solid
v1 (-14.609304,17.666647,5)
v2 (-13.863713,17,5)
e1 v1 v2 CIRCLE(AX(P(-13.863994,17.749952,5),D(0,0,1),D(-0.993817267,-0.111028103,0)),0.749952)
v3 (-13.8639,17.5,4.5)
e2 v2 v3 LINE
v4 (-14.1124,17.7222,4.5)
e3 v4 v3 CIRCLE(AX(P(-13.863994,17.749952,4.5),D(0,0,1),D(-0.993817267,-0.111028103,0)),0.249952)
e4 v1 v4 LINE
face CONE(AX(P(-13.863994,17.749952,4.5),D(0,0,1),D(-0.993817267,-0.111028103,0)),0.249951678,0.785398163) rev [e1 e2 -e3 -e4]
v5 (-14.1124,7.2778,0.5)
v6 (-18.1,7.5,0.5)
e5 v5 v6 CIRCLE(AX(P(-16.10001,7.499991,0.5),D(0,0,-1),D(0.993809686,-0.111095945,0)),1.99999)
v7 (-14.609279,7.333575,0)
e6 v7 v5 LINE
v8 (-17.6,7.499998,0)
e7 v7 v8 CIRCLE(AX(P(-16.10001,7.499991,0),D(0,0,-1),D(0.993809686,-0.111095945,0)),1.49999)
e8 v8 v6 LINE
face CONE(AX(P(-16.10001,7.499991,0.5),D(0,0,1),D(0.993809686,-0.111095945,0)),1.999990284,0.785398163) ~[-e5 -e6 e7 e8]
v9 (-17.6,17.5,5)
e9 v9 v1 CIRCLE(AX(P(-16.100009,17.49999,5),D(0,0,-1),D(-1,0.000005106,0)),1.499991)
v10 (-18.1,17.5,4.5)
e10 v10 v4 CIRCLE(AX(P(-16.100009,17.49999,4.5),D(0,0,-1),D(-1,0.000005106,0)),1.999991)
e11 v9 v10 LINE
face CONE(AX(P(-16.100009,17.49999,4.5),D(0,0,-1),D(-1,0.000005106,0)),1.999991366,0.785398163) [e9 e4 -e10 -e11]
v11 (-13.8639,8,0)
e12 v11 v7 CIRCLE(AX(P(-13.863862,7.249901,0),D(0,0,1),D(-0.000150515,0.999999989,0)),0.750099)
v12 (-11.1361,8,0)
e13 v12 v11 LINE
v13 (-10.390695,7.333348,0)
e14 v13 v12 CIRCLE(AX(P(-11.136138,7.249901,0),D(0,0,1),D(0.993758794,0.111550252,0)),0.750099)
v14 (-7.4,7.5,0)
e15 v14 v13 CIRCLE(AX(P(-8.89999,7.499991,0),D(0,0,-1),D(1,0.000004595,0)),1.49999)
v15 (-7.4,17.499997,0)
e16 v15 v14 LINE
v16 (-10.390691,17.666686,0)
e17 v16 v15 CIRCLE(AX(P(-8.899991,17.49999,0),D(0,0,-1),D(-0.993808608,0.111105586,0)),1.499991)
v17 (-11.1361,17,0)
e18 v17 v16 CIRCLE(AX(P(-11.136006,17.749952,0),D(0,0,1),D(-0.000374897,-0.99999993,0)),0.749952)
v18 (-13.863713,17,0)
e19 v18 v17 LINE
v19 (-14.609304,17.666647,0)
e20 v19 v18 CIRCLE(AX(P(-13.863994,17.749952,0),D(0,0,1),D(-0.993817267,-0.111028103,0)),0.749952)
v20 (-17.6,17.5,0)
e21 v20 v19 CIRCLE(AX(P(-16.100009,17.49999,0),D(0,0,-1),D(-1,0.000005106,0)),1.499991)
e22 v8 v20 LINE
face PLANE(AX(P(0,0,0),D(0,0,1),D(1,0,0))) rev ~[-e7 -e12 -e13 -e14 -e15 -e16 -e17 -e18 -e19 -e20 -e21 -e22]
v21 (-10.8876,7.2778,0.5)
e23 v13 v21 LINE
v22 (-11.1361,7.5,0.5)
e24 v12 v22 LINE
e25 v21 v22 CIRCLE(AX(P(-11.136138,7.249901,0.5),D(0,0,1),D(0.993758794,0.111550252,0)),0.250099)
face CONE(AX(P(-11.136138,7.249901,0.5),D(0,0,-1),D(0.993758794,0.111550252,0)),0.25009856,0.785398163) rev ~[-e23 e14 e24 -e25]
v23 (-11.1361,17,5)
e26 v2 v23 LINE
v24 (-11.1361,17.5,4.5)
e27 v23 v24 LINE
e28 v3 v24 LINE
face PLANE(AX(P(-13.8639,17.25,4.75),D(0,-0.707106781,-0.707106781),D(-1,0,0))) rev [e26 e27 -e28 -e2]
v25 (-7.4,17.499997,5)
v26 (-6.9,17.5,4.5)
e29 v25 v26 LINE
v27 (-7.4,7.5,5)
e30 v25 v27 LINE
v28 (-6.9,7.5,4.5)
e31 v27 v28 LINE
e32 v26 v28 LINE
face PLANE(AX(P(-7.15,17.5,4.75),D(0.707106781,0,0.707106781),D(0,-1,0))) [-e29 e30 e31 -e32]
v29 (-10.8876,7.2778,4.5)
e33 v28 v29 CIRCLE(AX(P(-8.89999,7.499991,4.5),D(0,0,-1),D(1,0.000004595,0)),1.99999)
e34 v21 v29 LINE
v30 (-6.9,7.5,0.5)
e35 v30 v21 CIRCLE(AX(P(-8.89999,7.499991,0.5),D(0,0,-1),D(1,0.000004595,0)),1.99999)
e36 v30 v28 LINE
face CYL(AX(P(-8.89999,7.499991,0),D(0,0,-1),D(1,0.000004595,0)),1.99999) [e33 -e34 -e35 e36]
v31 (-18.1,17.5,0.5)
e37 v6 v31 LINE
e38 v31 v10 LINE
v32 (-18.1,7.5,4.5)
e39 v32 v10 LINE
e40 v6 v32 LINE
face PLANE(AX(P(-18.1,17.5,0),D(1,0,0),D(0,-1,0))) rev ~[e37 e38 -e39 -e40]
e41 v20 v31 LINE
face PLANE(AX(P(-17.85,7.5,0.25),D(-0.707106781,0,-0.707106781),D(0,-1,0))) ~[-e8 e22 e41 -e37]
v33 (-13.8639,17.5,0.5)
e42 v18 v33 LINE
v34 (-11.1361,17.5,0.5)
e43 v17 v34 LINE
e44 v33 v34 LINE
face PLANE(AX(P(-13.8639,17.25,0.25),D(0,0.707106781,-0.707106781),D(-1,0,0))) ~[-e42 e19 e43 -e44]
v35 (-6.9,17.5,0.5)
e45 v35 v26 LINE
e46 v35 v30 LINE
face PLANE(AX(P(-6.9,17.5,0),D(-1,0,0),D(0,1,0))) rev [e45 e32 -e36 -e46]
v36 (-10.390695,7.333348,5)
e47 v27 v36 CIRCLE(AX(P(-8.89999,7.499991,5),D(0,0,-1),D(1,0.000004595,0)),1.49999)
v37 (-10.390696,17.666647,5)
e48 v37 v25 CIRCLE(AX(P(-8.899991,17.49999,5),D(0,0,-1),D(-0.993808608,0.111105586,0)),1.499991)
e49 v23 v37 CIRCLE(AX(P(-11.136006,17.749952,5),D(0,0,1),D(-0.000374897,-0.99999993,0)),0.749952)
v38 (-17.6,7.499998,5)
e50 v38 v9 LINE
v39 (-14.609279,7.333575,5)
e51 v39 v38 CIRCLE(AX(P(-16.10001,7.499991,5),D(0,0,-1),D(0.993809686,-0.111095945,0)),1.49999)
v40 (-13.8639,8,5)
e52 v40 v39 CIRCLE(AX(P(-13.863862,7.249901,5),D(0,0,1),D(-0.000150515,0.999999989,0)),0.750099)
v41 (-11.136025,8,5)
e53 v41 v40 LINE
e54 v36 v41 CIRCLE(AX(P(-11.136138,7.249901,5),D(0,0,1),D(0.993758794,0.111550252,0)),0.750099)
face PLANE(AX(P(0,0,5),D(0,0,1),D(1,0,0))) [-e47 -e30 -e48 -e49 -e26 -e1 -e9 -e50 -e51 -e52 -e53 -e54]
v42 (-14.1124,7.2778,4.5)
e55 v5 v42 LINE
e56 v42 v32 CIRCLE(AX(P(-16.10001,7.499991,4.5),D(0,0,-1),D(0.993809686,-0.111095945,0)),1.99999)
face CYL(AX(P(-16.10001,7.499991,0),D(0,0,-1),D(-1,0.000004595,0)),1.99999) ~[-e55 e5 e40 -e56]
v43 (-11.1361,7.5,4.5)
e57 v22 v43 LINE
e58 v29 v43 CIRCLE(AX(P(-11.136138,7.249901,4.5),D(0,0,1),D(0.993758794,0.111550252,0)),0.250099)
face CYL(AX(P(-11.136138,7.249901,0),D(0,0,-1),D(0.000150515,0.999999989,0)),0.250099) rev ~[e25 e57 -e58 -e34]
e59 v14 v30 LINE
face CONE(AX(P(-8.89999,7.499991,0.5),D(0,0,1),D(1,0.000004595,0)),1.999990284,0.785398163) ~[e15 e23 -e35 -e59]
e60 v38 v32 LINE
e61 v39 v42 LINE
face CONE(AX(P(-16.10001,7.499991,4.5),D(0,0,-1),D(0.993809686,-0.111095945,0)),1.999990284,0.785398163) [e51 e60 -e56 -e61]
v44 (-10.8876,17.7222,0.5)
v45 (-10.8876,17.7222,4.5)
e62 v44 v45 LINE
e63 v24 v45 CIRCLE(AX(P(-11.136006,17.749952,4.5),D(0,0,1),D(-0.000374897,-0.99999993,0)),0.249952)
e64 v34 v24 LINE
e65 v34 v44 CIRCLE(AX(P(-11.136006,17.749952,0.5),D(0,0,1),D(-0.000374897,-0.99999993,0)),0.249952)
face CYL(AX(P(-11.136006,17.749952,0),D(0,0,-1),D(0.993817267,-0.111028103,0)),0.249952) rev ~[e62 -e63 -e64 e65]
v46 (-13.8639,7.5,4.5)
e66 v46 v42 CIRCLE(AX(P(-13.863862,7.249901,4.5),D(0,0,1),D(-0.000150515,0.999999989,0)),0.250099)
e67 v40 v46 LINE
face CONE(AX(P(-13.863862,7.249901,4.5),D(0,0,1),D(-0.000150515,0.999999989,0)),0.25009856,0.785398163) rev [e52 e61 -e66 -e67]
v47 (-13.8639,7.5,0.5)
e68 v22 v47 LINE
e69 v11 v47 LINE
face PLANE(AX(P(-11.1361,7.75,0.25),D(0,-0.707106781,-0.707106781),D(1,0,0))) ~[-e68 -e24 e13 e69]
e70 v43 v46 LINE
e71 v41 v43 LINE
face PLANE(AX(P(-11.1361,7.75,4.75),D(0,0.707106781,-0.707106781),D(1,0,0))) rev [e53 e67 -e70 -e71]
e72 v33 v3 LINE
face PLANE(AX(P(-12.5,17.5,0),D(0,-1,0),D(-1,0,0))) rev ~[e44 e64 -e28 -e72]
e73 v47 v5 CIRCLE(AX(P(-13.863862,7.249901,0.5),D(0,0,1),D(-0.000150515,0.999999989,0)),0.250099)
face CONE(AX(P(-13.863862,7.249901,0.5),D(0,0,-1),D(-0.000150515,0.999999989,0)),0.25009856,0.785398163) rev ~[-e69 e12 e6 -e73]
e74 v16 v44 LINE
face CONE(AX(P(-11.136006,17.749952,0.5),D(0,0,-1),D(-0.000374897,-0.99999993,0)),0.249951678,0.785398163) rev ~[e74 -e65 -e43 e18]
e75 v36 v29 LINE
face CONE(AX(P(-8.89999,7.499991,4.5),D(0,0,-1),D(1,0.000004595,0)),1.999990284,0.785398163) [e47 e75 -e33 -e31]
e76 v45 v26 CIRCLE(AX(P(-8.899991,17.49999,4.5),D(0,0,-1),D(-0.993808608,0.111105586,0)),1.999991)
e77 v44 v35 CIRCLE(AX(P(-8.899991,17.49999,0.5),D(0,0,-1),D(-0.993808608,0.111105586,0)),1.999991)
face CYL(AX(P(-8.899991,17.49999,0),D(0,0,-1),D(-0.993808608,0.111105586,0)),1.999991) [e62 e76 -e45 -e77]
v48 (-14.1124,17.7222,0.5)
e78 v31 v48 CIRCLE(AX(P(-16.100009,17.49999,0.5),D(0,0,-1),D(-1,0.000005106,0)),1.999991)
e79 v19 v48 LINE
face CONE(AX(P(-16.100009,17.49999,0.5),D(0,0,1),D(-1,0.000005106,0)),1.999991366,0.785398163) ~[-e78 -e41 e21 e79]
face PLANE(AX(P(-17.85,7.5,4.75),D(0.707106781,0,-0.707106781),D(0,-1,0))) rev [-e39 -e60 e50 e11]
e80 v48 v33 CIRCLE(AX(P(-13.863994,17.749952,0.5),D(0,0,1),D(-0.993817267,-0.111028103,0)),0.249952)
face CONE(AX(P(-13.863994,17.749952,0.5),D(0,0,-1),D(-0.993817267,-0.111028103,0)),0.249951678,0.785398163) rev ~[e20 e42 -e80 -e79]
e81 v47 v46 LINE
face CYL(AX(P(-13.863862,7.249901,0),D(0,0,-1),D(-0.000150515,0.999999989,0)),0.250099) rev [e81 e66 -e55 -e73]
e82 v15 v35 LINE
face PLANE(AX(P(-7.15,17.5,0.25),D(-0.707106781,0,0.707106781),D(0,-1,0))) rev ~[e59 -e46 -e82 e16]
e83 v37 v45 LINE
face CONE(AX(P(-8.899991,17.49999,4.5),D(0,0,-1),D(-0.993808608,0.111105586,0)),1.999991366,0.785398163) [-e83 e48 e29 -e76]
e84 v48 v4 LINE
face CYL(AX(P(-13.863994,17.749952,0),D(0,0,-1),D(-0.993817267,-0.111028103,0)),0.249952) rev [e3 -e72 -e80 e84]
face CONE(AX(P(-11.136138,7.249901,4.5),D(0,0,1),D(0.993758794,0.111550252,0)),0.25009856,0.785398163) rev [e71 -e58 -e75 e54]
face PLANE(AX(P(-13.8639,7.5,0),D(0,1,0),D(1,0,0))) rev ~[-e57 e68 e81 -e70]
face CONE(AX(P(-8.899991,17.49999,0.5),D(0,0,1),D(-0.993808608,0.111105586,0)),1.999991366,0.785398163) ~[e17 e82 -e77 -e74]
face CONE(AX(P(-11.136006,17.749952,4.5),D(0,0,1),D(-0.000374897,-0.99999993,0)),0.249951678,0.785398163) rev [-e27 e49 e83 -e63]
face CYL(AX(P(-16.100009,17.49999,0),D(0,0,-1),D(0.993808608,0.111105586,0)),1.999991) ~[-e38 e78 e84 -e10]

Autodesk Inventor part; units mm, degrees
ref_plane "YZ Plane" through (0, 0, 0) normal (1, 0, 0) x (0, 1, 0)
ref_plane "XZ Plane" through (0, 0, 0) normal (0, 1, 0) x (-1, 0, 0)
ref_plane "XY Plane" through (0, 0, 0) normal (0, 0, 1) x (1, 0, 0)
ref_plane "Arbeitsebene1" through (0, 0, 0) normal (0, 0, 1) x (1, 0, 0)
sketch "Skizze1" plane through (0, 0, 0) normal (0, 0, 1) x (1, 0, 0)
  line L0 (-2.5, -5) -> (27.5, -5) projected
  arc A0 (-5, -2.5) -> (-2.5, -5) centre (-2.5, -2.5) ccw projected
  line L1 (-5, 27.5) -> (-5, -2.5) projected
  arc A1 (-2.5, 30) -> (-5, 27.5) centre (-2.5, 27.5) ccw projected
  line L2 (27.5, 30) -> (-2.5, 30) projected
  arc A2 (30, 27.5) -> (27.5, 30) centre (27.5, 27.5) ccw projected
  line L3 (30, -2.5) -> (30, 27.5) projected
  arc A3 (27.5, -5) -> (30, -2.5) centre (27.5, -2.5) ccw projected
  circle A4 centre (12.5, -9.5) radius 4 projected
  line L4 (30.75, 28.4722) -> (33.3, 29.9445) projected
  line L5 (33.3, 29.9445) -> (35.85, 28.4722) projected
  line L6 (35.85, 28.4722) -> (35.85, 25.5278) projected
  line L7 (35.85, 25.5278) -> (33.3, 24.0555) projected
  line L8 (33.3, 24.0555) -> (30.75, 25.5278) projected
  line L9 (30.75, 25.5278) -> (30.75, 28.4722) projected
  line L10 (25.5278, 30.75) -> (24.0555, 33.3) projected
  line L11 (24.0555, 33.3) -> (25.5278, 35.85) projected
  line L12 (25.5278, 35.85) -> (28.4722, 35.85) projected
  line L13 (28.4722, 35.85) -> (29.9445, 33.3) projected
  line L14 (29.9445, 33.3) -> (28.4722, 30.75) projected
  line L15 (28.4722, 30.75) -> (25.5278, 30.75) projected
  line L16 (30.75, -3.4722) -> (33.3, -4.9445) projected
  line L17 (30.75, -0.5278) -> (30.75, -3.4722) projected
  line L18 (33.3, 0.9445) -> (30.75, -0.5278) projected
  line L19 (35.85, -0.5278) -> (33.3, 0.9445) projected
  line L20 (35.85, -3.4722) -> (35.85, -0.5278) projected
  line L21 (33.3, -4.9445) -> (35.85, -3.4722) projected
  line L22 (25.5278, -5.75) -> (24.0555, -8.3) projected
  line L23 (28.4722, -5.75) -> (25.5278, -5.75) projected
  line L24 (29.9445, -8.3) -> (28.4722, -5.75) projected
  line L25 (28.4722, -10.85) -> (29.9445, -8.3) projected
  line L26 (25.5278, -10.85) -> (28.4722, -10.85) projected
  line L27 (24.0555, -8.3) -> (25.5278, -10.85) projected
  line L28 (-5.75, 28.4722) -> (-8.3, 29.9445) projected
  line L29 (-5.75, 25.5278) -> (-5.75, 28.4722) projected
  line L30 (-8.3, 24.0555) -> (-5.75, 25.5278) projected
  line L31 (-10.85, 25.5278) -> (-8.3, 24.0555) projected
  line L32 (-10.85, 28.4722) -> (-10.85, 25.5278) projected
  line L33 (-8.3, 29.9445) -> (-10.85, 28.4722) projected
  line L34 (-0.5278, 30.75) -> (0.9445, 33.3) projected
  line L35 (-3.4722, 30.75) -> (-0.5278, 30.75) projected
  line L36 (-4.9445, 33.3) -> (-3.4722, 30.75) projected
  line L37 (-3.4722, 35.85) -> (-4.9445, 33.3) projected
  line L38 (-0.5278, 35.85) -> (-3.4722, 35.85) projected
  line L39 (0.9445, 33.3) -> (-0.5278, 35.85) projected
  line L40 (-0.5278, -5.75) -> (0.9445, -8.3) projected
  line L41 (0.9445, -8.3) -> (-0.5278, -10.85) projected
  line L42 (-0.5278, -10.85) -> (-3.4722, -10.85) projected
  line L43 (-3.4722, -10.85) -> (-4.9445, -8.3) projected
  line L44 (-4.9445, -8.3) -> (-3.4722, -5.75) projected
  line L45 (-3.4722, -5.75) -> (-0.5278, -5.75) projected
  line L46 (-5.75, -3.4722) -> (-8.3, -4.9445) projected
  line L47 (-8.3, -4.9445) -> (-10.85, -3.4722) projected
  line L48 (-10.85, -3.4722) -> (-10.85, -0.5278) projected
  line L49 (-10.85, -0.5278) -> (-8.3, 0.9445) projected
  line L50 (-8.3, 0.9445) -> (-5.75, -0.5278) projected
  line L51 (-5.75, -0.5278) -> (-5.75, -3.4722) projected
  circle A5 centre (-9.5, 12.5) radius 4 projected
  line L52 (36.5833, 6.6002) -> (37, 6.6003) projected
  arc A6 (31.3, 7.45) -> (36.5833, 6.6002) centre (34.01, 7.45) ccw projected
  line L53 (31.3, 17.55) -> (31.3, 7.45) projected
  arc A7 (36.5833, 18.3998) -> (31.3, 17.55) centre (34.01, 17.55) ccw projected
  line L54 (37, 18.3997) -> (36.5833, 18.3998) projected
  line L55 (37, 35.5) -> (37, 18.3997) projected
  arc A8 (37, 35.5) -> (35.5, 37) centre (35.5, 35.5) ccw projected
  line L56 (18.3997, 37) -> (35.5, 37) projected
  line L57 (18.3998, 36.5833) -> (18.3997, 37) projected
  arc A9 (17.55, 31.3) -> (18.3998, 36.5833) centre (17.55, 34.01) ccw projected
  line L58 (7.45, 31.3) -> (17.55, 31.3) projected
  arc A10 (6.6002, 36.5833) -> (7.45, 31.3) centre (7.45, 34.01) ccw projected
  line L59 (6.6003, 37) -> (6.6002, 36.5833) projected
  line L60 (-10.5, 37) -> (6.6003, 37) projected
  arc A11 (-10.5, 37) -> (-12, 35.5) centre (-10.5, 35.5) ccw projected
  line L61 (-12, 17) -> (-12, 35.5) projected
  line L62 (-13.8639, 17) -> (-12, 17) projected
  arc A12 (-14.6093, 17.6667) -> (-13.8639, 17) centre (-13.8639, 17.75) ccw projected
  arc A13 (-14.6093, 17.6667) -> (-17.6, 17.5) centre (-16.1, 17.5) ccw projected
  line L63 (-17.6, 7.5) -> (-17.6, 17.5) projected
  arc A14 (-17.6, 7.5) -> (-14.6093, 7.3333) centre (-16.1, 7.5) ccw projected
  arc A15 (-13.8639, 8) -> (-14.6093, 7.3333) centre (-13.8639, 7.25) ccw projected
  line L64 (-12, 8) -> (-13.8639, 8) projected
  line L65 (-12, -10.5) -> (-12, 8) projected
  arc A16 (-12, -10.5) -> (-10.5, -12) centre (-10.5, -10.5) ccw projected
  line L66 (8, -12) -> (-10.5, -12) projected
  line L67 (8, -13.8639) -> (8, -12) projected
  arc A17 (7.3333, -14.6093) -> (8, -13.8639) centre (7.25, -13.8639) ccw projected
  arc A18 (7.3333, -14.6093) -> (7.5, -17.6) centre (7.5, -16.1) ccw projected
  line L68 (17.5, -17.6) -> (7.5, -17.6) projected
  arc A19 (17.5, -17.6) -> (17.6667, -14.6093) centre (17.5, -16.1) ccw projected
  arc A20 (17, -13.8639) -> (17.6667, -14.6093) centre (17.75, -13.8639) ccw projected
  line L69 (17, -12) -> (17, -13.8639) projected
  line L70 (35.5, -12) -> (17, -12) projected
  arc A21 (35.5, -12) -> (37, -10.5) centre (35.5, -10.5) ccw projected
  line L71 (37, 6.6003) -> (37, -10.5) projected
  arc A22 (-18.1, 7.5) -> (-14.1124, 7.2778) centre (-16.1, 7.5) ccw projected
  arc A23 (-13.8639, 7.5) -> (-14.1124, 7.2778) centre (-13.8639, 7.25) ccw projected
  line L72 (-18.1, 17.5) -> (-18.1, 7.5) projected
  line L73 (-12, 8) -> (-13.8639, 8) projected
  line L74 (-13.8639, 7.5) -> (-13.8639, 8) projected
  line L75 (-13.8639, 7.5) -> (-12.5, 7.5) projected
  line L76 (-12, 8) -> (-12.5, 7.5) projected
  arc A24 (-14.1124, 17.7222) -> (-18.1, 17.5) centre (-16.1, 17.5) ccw projected
  line L77 (-12.5, 17.5) -> (-13.8639, 17.5) projected
  arc A25 (-14.1124, 17.7222) -> (-13.8639, 17.5) centre (-13.8639, 17.75) ccw projected
  line L78 (-12.5, 17.5) -> (-12.5, 7.5)
  point P0 (0, 0)
extrude "Extrusion1" add sketch "Skizze1" along normal blind 5 contours L78 A5 | A5 L78 L64 A15 A14 L63 A13 A12 L62 | L62 A12 A13 L63 A14 A15 L74 A23 A22 L72 A24 A25 L77 L78 | L78 L75 L74 L64 picked at (-12.6815, 11.8821)
mirror "Spiegeln1" about plane through (-12.5, 7.5, 0) normal (1, 0, 0) of "Extrusion1"
chamfer "Fase1" distance 0.5 angle 45 24 edges at (-8.7887, 19.4969, 5) (-6.9, 12.5, 5) (-8.7887, 5.5031, 5) (-10.9694, 7.4363, 5) (-12.5, 7.5, 5) (-14.0306, 7.4363, 5) (-16.2113, 5.5031, 5) (-18.1, 12.5, 5) (-16.2113, 19.4969, 5) (-14.0306, 17.5637, 5) (-12.5, 17.5, 5) (-10.9694, 17.5637, 5) (-12.5, 7.5, 0) (-10.9694, 7.4363, 0) (-8.7887, 5.5031, 0) (-6.9, 12.5, 0) (-8.7887, 19.4969, 0) (-10.9694, 17.5637, 0) (-12.5, 17.5, 0) (-14.0306, 17.5637, 0) (-16.2113, 19.4969, 0) (-18.1, 12.5, 0) (-16.2113, 5.5031, 0) (-14.0306, 7.4363, 0)
properties part number "10_Base_puzzle_nozzle_male_male"
